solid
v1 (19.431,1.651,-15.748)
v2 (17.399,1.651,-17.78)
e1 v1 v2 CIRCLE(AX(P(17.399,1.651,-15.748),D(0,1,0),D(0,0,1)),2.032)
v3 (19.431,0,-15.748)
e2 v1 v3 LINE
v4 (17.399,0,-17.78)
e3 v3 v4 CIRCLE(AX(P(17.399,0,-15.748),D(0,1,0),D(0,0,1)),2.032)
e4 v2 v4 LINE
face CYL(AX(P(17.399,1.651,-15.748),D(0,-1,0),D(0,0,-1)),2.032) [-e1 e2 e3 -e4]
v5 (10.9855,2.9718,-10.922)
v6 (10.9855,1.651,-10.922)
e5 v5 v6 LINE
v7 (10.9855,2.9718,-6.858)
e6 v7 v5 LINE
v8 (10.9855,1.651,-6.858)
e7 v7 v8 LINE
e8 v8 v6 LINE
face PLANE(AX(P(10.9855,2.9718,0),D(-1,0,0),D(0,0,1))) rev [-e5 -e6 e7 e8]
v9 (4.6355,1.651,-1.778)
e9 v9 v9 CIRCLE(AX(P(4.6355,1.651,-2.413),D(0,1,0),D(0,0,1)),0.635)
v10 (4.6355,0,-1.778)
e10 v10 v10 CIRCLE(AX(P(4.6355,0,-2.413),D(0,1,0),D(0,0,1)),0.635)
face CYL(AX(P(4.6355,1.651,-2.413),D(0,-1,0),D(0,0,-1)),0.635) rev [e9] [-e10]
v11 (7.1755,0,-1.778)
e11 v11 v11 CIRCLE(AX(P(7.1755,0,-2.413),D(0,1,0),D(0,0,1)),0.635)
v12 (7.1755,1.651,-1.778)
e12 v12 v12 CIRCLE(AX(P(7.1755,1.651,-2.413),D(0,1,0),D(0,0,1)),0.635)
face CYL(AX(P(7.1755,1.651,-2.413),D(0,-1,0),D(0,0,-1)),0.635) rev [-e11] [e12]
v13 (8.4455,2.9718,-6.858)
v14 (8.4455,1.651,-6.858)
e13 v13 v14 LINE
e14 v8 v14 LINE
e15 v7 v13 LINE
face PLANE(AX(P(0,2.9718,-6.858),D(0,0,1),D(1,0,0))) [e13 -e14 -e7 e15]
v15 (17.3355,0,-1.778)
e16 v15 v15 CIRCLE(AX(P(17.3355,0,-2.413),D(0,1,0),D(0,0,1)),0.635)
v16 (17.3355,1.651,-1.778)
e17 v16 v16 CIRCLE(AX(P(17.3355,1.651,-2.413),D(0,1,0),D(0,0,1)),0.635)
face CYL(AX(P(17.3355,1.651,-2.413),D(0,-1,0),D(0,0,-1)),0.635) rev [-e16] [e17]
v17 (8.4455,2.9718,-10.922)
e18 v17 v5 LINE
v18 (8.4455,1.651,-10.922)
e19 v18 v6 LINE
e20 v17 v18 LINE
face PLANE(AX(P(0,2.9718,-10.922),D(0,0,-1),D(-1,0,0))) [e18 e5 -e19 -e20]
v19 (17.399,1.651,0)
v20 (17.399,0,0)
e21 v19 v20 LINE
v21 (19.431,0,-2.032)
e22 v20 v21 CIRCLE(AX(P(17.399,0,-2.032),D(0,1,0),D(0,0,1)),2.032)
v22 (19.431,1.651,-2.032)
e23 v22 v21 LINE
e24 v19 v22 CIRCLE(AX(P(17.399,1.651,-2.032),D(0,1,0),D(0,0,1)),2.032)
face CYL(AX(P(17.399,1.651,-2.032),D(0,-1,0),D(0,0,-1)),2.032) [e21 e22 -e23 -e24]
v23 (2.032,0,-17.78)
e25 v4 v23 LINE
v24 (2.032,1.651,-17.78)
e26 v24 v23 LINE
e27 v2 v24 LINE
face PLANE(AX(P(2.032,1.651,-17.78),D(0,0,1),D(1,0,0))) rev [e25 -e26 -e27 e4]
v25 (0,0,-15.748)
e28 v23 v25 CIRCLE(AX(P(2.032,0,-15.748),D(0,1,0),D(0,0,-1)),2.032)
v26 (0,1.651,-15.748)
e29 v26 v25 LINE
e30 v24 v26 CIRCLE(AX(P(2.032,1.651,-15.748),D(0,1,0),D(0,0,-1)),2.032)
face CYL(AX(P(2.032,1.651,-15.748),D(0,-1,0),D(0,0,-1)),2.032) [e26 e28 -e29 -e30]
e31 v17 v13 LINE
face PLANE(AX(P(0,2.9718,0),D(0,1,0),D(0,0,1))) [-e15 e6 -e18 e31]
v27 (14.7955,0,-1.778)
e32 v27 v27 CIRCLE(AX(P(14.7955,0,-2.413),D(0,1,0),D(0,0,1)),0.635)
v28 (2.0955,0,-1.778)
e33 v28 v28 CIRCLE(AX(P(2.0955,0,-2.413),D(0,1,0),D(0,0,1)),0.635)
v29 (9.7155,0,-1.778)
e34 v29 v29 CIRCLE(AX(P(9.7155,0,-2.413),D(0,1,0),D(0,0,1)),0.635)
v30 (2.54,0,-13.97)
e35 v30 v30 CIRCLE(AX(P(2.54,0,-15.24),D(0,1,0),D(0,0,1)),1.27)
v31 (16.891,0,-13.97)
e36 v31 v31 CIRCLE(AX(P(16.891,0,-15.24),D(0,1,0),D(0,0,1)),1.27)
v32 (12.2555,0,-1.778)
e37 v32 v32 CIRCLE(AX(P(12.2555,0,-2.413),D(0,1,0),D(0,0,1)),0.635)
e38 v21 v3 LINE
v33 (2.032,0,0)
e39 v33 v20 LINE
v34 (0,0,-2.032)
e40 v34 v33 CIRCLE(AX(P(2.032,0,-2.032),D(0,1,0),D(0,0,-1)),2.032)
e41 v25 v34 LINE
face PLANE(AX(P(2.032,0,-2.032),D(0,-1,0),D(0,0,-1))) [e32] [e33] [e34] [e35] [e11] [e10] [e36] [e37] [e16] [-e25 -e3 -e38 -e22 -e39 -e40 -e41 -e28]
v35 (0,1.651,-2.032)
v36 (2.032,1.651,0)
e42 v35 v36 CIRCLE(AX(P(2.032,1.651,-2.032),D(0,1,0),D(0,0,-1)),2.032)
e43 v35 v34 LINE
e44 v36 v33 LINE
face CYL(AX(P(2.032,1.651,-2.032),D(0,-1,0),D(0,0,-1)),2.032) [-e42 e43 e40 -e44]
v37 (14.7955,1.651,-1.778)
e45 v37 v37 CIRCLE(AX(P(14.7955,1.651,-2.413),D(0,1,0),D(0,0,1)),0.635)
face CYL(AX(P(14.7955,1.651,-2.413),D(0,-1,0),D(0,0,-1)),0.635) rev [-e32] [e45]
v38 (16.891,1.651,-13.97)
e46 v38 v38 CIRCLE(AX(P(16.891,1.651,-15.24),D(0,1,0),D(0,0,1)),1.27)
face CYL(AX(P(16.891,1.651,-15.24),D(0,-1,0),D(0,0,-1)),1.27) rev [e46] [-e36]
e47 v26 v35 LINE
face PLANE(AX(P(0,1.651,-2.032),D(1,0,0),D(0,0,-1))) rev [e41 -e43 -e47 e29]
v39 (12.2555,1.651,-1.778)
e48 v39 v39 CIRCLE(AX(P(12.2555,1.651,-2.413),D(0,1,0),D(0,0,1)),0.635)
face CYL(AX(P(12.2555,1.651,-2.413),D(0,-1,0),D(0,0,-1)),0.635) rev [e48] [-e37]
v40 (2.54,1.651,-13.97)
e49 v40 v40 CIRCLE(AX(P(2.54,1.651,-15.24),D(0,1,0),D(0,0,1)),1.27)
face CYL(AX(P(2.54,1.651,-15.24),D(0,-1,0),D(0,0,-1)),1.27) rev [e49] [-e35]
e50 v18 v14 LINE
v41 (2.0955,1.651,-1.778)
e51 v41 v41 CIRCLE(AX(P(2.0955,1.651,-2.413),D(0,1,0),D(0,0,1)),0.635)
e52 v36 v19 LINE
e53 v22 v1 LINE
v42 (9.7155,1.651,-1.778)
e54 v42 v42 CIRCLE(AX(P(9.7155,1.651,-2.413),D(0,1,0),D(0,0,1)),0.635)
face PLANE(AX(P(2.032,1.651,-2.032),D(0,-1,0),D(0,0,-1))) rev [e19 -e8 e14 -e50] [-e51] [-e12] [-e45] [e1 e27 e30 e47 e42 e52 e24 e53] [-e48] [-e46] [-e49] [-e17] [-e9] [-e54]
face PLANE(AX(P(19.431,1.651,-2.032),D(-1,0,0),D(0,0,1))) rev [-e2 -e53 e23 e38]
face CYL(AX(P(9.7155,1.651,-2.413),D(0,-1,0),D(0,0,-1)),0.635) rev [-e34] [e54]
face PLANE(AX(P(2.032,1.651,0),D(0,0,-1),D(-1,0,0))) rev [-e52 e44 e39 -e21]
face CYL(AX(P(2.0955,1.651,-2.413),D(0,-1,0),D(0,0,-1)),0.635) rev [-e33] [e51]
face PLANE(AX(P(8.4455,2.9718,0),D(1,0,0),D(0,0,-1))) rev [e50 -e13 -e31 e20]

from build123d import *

# Parameters (mm, degrees)
SKETCH1_R           = 1.27
SKETCH1_R_2         = 0.635
BOSS_EXTRUDE1_DEPTH = 1.651
SKETCH2_W           = 1.27
SKETCH2_H           = 2.032
BOSS_EXTRUDE2_DEPTH = 1.3208


with BuildPart() as part:
    # Sketch1 → Boss-Extrude1 (new body)
    with BuildSketch(Plane(origin=(0, 0, 0), x_dir=(1, 0, 0), z_dir=(0, 1, 0))):
        with BuildLine():
            Line((2.032, 0), (17.399, 0))
            ThreePointArc((17.399, 0), (18.835840979, 0.595159021), (19.431, 2.032))
            Line((19.431, 2.032), (19.431, 15.748))
            ThreePointArc((19.431, 15.748), (18.835840979, 17.184840979), (17.399, 17.78))
            Line((17.399, 17.78), (2.032, 17.78))
            ThreePointArc((2.032, 17.78), (0.595159021, 17.184840979), (0, 15.748))
            Line((0, 15.748), (0, 2.032))
            ThreePointArc((0, 2.032), (0.595159021, 0.595159021), (2.032, 0))
        make_face()
        with Locations((2.54, 15.24)):
            Circle(SKETCH1_R, mode=Mode.SUBTRACT)
        with Locations((16.891, 15.24)):
            Circle(SKETCH1_R, mode=Mode.SUBTRACT)
        with Locations((2.0955, 2.413)):
            Circle(SKETCH1_R_2, mode=Mode.SUBTRACT)
        with Locations((4.6355, 2.413)):
            Circle(SKETCH1_R_2, mode=Mode.SUBTRACT)
        with Locations((7.1755, 2.413)):
            Circle(SKETCH1_R_2, mode=Mode.SUBTRACT)
        with Locations((9.7155, 2.413)):
            Circle(SKETCH1_R_2, mode=Mode.SUBTRACT)
        with Locations((12.2555, 2.413)):
            Circle(SKETCH1_R_2, mode=Mode.SUBTRACT)
        with Locations((14.7955, 2.413)):
            Circle(SKETCH1_R_2, mode=Mode.SUBTRACT)
        with Locations((17.3355, 2.413)):
            Circle(SKETCH1_R_2, mode=Mode.SUBTRACT)
    extrude(amount=BOSS_EXTRUDE1_DEPTH)

    # Sketch2 → Boss-Extrude2 (add)
    with BuildSketch(Plane(origin=(0, 1.651, 0), x_dir=(1, 0, 0), z_dir=(0, 1, 0))):
        with Locations((9.0805, 7.874)):
            Rectangle(SKETCH2_W, SKETCH2_H)
        Polygon((8.4455, 8.89), (9.7155, 8.89), (9.7155, 6.858), (10.9855, 6.858), (10.9855, 10.922), (8.4455, 10.922), align=None)
    extrude(amount=BOSS_EXTRUDE2_DEPTH)


solid = part.part
